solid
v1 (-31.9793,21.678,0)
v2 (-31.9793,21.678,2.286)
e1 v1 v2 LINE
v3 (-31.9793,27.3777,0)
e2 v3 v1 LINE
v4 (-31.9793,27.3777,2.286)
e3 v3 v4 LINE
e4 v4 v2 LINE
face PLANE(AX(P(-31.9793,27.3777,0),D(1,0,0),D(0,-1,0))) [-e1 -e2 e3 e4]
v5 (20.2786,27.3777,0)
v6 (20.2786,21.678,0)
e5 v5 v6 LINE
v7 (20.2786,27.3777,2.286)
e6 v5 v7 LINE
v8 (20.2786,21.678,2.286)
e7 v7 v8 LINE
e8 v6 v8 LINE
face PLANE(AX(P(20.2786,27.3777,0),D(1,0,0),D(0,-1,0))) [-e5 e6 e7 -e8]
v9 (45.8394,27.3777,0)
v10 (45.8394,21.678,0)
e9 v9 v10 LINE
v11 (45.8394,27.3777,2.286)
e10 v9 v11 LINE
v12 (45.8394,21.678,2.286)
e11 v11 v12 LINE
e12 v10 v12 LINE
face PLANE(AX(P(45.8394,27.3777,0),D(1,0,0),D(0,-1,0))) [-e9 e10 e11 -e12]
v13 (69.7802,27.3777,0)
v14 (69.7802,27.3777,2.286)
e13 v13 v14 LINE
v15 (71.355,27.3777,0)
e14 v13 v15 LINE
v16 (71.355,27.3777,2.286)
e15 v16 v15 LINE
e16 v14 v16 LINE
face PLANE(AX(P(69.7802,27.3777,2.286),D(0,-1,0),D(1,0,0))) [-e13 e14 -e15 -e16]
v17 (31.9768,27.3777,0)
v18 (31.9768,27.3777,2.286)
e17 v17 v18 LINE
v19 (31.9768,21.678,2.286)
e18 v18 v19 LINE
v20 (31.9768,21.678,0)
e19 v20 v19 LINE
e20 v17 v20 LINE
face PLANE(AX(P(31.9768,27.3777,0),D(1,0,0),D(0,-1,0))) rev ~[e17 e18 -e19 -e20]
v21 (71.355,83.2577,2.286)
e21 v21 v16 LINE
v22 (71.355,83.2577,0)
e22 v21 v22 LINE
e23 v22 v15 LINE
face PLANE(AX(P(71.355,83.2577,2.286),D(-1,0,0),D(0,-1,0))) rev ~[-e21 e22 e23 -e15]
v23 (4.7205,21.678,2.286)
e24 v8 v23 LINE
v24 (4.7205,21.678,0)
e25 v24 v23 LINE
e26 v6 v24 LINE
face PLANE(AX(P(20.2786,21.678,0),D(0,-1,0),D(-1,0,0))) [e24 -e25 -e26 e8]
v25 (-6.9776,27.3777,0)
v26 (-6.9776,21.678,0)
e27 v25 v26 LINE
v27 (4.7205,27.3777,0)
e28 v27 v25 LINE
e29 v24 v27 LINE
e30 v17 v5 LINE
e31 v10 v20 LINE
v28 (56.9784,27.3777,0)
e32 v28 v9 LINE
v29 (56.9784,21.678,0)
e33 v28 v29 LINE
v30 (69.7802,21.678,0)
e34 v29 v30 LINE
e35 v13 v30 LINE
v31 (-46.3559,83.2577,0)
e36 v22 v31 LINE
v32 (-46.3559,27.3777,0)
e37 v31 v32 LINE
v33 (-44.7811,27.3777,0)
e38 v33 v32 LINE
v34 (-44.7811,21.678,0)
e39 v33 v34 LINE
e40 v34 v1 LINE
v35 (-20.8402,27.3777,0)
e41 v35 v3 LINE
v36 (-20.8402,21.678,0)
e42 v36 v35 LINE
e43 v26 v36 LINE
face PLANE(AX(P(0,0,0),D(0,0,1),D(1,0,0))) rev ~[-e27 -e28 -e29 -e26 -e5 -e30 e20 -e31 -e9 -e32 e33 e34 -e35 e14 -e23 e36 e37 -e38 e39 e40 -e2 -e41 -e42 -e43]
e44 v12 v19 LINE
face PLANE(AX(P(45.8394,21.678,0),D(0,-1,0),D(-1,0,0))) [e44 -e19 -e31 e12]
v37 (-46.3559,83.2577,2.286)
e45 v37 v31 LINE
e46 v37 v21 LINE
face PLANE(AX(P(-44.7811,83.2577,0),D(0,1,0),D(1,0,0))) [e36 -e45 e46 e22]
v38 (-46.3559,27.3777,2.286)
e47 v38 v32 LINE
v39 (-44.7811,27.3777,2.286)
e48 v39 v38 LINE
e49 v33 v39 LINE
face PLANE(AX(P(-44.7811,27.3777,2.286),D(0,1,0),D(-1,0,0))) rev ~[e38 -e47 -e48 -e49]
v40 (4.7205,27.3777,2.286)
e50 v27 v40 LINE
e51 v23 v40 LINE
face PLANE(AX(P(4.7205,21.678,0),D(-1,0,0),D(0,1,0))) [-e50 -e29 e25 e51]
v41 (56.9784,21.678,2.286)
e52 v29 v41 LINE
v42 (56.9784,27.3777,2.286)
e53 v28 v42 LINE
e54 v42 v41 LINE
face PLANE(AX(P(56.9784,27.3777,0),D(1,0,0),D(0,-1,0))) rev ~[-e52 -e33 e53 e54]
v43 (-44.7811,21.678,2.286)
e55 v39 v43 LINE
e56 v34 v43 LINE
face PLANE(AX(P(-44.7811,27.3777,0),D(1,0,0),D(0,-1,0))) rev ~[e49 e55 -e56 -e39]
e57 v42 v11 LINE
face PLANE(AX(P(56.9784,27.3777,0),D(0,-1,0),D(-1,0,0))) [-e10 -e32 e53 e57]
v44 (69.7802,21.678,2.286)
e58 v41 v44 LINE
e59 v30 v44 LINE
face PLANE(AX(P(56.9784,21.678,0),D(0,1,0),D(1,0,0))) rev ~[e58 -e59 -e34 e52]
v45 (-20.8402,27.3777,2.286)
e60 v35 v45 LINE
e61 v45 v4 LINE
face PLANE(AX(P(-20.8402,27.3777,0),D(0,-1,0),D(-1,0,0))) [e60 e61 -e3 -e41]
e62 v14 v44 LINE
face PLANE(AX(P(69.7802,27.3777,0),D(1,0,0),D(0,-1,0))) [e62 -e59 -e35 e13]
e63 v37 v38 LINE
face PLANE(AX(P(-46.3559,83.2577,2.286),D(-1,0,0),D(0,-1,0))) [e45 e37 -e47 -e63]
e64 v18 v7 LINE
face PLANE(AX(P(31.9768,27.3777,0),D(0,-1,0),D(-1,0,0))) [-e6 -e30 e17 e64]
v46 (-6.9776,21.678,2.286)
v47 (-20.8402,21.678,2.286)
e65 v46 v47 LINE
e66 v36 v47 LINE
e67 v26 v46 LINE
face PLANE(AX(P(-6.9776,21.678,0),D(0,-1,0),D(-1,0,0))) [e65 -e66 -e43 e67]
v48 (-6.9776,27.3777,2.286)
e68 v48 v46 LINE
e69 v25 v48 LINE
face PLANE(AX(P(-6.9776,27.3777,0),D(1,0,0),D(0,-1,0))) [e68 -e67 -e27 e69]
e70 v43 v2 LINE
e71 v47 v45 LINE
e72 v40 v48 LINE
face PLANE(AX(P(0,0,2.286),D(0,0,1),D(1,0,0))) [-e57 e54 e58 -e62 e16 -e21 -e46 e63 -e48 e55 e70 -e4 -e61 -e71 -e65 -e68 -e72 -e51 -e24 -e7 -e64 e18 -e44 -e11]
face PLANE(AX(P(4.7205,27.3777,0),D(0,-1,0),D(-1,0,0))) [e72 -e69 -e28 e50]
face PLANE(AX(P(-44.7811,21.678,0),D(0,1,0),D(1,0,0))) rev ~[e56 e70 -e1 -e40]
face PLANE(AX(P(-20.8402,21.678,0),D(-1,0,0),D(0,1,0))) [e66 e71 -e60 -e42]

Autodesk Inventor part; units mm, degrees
ref_plane "YZ Plane" through (0, 0, 0) normal (1, 0, 0) x (0, 1, 0)
ref_plane "XZ Plane" through (0, 0, 0) normal (0, 1, 0) x (-1, 0, 0)
ref_plane "XY Plane" through (0, 0, 0) normal (0, 0, 1) x (1, 0, 0)
sketch "Sketch1" plane through (0, 0, 0) normal (0, 0, 1) x (1, 0, 0)
  line L0 (-44.7811, 27.3777) -> (-44.7811, 21.678)
  line L1 (69.7802, 27.3777) -> (69.7802, 21.678)
  line L2 (69.7802, 27.3777) -> (69.7802, 21.678)
  line L3 (-44.7811, 21.678) -> (-31.9793, 21.678)
  line L4 (-31.9793, 27.3777) -> (-31.9793, 21.678)
  line L5 (-31.9793, 27.3777) -> (-31.9793, 21.678)
  line L6 (-20.8402, 21.678) -> (-20.8402, 27.3777)
  line L7 (-20.8402, 27.3777) -> (-20.8402, 21.678)
  line L8 (4.7205, 21.678) -> (4.7205, 27.3777)
  line L9 (4.7205, 27.3777) -> (4.7205, 21.678)
  line L10 (20.2786, 27.3777) -> (20.2786, 21.678)
  line L11 (20.2786, 27.3777) -> (20.2786, 21.678)
  line L12 (31.9768, 27.3777) -> (31.9768, 21.678)
  line L13 (45.8394, 27.3777) -> (45.8394, 21.678)
  line L14 (45.8394, 27.3777) -> (45.8394, 21.678)
  line L15 (56.9784, 21.678) -> (69.7802, 21.678)
  line L16 (56.9784, 27.3777) -> (56.9784, 21.678)
  line L17 (-6.9776, 27.3777) -> (-6.9776, 21.678)
  line L18 (-31.9793, 21.678) -> (-44.7811, 21.678)
  line L19 (-6.9776, 21.678) -> (-20.8402, 21.678)
  line L20 (20.2786, 21.678) -> (4.7205, 21.678)
  line L21 (69.7802, 21.678) -> (56.9784, 21.678)
  line L22 (45.8394, 21.678) -> (31.9768, 21.678)
  line L23 (-44.7811, 27.3777) -> (-44.7811, 83.2577)
  line L24 (-44.7811, 83.2577) -> (69.7802, 83.2577)
  line L25 (69.7802, 83.2577) -> (69.7802, 27.3777)
  line L26 (56.9784, 27.3777) -> (45.8394, 27.3777)
  line L27 (31.9768, 27.3777) -> (20.2786, 27.3777)
  line L28 (4.7205, 27.3777) -> (-6.9776, 27.3777)
  line L29 (-20.8402, 27.3777) -> (-31.9793, 27.3777)
  point P0 (0, 0)
  dimension "d0" = 55.88
extrude "Extrusion1" add sketch "Sketch1" along normal blind 2.286
sketch "Sketch2" plane through (0, 0, 2.286) normal (0, 0, 1) x (1, 0, 0)
  line L0 (-31.9793, 21.678) -> (-31.9793, 27.3777) projected
  line L1 (-44.7811, 83.2577) -> (-44.7811, 21.678) projected
  line L2 (-44.7811, 27.3777) -> (-46.3559, 27.3777)
  line L3 (-44.7811, 83.2577) -> (-46.3559, 83.2577)
  line L4 (-46.3559, 83.2577) -> (-46.3559, 27.3777)
  line L5 (69.7802, 83.2577) -> (-44.7811, 83.2577) projected
  line L6 (69.7802, 27.3777) -> (71.355, 27.3777)
  line L7 (71.355, 83.2577) -> (71.355, 27.3777)
  line L8 (-44.7811, 83.2577) -> (-44.7811, 27.3777)
  line L9 (69.7802, 83.2577) -> (71.355, 83.2577)
  line L10 (69.7802, 21.678) -> (69.7802, 83.2577) projected
  line L11 (69.7802, 83.2577) -> (69.7802, 27.3777)
  point P0 (0, 0)
  dimension "d3" = 1.5748
extrude "Extrusion2" add sketch "Sketch2" against normal blind 2.286
sketch "Sketch3" plane through (0, 0, 2.286) normal (0, 0, 1) x (1, 0, 0)
  point P0 (0, 0)
properties part number "mcdave_ramp"
